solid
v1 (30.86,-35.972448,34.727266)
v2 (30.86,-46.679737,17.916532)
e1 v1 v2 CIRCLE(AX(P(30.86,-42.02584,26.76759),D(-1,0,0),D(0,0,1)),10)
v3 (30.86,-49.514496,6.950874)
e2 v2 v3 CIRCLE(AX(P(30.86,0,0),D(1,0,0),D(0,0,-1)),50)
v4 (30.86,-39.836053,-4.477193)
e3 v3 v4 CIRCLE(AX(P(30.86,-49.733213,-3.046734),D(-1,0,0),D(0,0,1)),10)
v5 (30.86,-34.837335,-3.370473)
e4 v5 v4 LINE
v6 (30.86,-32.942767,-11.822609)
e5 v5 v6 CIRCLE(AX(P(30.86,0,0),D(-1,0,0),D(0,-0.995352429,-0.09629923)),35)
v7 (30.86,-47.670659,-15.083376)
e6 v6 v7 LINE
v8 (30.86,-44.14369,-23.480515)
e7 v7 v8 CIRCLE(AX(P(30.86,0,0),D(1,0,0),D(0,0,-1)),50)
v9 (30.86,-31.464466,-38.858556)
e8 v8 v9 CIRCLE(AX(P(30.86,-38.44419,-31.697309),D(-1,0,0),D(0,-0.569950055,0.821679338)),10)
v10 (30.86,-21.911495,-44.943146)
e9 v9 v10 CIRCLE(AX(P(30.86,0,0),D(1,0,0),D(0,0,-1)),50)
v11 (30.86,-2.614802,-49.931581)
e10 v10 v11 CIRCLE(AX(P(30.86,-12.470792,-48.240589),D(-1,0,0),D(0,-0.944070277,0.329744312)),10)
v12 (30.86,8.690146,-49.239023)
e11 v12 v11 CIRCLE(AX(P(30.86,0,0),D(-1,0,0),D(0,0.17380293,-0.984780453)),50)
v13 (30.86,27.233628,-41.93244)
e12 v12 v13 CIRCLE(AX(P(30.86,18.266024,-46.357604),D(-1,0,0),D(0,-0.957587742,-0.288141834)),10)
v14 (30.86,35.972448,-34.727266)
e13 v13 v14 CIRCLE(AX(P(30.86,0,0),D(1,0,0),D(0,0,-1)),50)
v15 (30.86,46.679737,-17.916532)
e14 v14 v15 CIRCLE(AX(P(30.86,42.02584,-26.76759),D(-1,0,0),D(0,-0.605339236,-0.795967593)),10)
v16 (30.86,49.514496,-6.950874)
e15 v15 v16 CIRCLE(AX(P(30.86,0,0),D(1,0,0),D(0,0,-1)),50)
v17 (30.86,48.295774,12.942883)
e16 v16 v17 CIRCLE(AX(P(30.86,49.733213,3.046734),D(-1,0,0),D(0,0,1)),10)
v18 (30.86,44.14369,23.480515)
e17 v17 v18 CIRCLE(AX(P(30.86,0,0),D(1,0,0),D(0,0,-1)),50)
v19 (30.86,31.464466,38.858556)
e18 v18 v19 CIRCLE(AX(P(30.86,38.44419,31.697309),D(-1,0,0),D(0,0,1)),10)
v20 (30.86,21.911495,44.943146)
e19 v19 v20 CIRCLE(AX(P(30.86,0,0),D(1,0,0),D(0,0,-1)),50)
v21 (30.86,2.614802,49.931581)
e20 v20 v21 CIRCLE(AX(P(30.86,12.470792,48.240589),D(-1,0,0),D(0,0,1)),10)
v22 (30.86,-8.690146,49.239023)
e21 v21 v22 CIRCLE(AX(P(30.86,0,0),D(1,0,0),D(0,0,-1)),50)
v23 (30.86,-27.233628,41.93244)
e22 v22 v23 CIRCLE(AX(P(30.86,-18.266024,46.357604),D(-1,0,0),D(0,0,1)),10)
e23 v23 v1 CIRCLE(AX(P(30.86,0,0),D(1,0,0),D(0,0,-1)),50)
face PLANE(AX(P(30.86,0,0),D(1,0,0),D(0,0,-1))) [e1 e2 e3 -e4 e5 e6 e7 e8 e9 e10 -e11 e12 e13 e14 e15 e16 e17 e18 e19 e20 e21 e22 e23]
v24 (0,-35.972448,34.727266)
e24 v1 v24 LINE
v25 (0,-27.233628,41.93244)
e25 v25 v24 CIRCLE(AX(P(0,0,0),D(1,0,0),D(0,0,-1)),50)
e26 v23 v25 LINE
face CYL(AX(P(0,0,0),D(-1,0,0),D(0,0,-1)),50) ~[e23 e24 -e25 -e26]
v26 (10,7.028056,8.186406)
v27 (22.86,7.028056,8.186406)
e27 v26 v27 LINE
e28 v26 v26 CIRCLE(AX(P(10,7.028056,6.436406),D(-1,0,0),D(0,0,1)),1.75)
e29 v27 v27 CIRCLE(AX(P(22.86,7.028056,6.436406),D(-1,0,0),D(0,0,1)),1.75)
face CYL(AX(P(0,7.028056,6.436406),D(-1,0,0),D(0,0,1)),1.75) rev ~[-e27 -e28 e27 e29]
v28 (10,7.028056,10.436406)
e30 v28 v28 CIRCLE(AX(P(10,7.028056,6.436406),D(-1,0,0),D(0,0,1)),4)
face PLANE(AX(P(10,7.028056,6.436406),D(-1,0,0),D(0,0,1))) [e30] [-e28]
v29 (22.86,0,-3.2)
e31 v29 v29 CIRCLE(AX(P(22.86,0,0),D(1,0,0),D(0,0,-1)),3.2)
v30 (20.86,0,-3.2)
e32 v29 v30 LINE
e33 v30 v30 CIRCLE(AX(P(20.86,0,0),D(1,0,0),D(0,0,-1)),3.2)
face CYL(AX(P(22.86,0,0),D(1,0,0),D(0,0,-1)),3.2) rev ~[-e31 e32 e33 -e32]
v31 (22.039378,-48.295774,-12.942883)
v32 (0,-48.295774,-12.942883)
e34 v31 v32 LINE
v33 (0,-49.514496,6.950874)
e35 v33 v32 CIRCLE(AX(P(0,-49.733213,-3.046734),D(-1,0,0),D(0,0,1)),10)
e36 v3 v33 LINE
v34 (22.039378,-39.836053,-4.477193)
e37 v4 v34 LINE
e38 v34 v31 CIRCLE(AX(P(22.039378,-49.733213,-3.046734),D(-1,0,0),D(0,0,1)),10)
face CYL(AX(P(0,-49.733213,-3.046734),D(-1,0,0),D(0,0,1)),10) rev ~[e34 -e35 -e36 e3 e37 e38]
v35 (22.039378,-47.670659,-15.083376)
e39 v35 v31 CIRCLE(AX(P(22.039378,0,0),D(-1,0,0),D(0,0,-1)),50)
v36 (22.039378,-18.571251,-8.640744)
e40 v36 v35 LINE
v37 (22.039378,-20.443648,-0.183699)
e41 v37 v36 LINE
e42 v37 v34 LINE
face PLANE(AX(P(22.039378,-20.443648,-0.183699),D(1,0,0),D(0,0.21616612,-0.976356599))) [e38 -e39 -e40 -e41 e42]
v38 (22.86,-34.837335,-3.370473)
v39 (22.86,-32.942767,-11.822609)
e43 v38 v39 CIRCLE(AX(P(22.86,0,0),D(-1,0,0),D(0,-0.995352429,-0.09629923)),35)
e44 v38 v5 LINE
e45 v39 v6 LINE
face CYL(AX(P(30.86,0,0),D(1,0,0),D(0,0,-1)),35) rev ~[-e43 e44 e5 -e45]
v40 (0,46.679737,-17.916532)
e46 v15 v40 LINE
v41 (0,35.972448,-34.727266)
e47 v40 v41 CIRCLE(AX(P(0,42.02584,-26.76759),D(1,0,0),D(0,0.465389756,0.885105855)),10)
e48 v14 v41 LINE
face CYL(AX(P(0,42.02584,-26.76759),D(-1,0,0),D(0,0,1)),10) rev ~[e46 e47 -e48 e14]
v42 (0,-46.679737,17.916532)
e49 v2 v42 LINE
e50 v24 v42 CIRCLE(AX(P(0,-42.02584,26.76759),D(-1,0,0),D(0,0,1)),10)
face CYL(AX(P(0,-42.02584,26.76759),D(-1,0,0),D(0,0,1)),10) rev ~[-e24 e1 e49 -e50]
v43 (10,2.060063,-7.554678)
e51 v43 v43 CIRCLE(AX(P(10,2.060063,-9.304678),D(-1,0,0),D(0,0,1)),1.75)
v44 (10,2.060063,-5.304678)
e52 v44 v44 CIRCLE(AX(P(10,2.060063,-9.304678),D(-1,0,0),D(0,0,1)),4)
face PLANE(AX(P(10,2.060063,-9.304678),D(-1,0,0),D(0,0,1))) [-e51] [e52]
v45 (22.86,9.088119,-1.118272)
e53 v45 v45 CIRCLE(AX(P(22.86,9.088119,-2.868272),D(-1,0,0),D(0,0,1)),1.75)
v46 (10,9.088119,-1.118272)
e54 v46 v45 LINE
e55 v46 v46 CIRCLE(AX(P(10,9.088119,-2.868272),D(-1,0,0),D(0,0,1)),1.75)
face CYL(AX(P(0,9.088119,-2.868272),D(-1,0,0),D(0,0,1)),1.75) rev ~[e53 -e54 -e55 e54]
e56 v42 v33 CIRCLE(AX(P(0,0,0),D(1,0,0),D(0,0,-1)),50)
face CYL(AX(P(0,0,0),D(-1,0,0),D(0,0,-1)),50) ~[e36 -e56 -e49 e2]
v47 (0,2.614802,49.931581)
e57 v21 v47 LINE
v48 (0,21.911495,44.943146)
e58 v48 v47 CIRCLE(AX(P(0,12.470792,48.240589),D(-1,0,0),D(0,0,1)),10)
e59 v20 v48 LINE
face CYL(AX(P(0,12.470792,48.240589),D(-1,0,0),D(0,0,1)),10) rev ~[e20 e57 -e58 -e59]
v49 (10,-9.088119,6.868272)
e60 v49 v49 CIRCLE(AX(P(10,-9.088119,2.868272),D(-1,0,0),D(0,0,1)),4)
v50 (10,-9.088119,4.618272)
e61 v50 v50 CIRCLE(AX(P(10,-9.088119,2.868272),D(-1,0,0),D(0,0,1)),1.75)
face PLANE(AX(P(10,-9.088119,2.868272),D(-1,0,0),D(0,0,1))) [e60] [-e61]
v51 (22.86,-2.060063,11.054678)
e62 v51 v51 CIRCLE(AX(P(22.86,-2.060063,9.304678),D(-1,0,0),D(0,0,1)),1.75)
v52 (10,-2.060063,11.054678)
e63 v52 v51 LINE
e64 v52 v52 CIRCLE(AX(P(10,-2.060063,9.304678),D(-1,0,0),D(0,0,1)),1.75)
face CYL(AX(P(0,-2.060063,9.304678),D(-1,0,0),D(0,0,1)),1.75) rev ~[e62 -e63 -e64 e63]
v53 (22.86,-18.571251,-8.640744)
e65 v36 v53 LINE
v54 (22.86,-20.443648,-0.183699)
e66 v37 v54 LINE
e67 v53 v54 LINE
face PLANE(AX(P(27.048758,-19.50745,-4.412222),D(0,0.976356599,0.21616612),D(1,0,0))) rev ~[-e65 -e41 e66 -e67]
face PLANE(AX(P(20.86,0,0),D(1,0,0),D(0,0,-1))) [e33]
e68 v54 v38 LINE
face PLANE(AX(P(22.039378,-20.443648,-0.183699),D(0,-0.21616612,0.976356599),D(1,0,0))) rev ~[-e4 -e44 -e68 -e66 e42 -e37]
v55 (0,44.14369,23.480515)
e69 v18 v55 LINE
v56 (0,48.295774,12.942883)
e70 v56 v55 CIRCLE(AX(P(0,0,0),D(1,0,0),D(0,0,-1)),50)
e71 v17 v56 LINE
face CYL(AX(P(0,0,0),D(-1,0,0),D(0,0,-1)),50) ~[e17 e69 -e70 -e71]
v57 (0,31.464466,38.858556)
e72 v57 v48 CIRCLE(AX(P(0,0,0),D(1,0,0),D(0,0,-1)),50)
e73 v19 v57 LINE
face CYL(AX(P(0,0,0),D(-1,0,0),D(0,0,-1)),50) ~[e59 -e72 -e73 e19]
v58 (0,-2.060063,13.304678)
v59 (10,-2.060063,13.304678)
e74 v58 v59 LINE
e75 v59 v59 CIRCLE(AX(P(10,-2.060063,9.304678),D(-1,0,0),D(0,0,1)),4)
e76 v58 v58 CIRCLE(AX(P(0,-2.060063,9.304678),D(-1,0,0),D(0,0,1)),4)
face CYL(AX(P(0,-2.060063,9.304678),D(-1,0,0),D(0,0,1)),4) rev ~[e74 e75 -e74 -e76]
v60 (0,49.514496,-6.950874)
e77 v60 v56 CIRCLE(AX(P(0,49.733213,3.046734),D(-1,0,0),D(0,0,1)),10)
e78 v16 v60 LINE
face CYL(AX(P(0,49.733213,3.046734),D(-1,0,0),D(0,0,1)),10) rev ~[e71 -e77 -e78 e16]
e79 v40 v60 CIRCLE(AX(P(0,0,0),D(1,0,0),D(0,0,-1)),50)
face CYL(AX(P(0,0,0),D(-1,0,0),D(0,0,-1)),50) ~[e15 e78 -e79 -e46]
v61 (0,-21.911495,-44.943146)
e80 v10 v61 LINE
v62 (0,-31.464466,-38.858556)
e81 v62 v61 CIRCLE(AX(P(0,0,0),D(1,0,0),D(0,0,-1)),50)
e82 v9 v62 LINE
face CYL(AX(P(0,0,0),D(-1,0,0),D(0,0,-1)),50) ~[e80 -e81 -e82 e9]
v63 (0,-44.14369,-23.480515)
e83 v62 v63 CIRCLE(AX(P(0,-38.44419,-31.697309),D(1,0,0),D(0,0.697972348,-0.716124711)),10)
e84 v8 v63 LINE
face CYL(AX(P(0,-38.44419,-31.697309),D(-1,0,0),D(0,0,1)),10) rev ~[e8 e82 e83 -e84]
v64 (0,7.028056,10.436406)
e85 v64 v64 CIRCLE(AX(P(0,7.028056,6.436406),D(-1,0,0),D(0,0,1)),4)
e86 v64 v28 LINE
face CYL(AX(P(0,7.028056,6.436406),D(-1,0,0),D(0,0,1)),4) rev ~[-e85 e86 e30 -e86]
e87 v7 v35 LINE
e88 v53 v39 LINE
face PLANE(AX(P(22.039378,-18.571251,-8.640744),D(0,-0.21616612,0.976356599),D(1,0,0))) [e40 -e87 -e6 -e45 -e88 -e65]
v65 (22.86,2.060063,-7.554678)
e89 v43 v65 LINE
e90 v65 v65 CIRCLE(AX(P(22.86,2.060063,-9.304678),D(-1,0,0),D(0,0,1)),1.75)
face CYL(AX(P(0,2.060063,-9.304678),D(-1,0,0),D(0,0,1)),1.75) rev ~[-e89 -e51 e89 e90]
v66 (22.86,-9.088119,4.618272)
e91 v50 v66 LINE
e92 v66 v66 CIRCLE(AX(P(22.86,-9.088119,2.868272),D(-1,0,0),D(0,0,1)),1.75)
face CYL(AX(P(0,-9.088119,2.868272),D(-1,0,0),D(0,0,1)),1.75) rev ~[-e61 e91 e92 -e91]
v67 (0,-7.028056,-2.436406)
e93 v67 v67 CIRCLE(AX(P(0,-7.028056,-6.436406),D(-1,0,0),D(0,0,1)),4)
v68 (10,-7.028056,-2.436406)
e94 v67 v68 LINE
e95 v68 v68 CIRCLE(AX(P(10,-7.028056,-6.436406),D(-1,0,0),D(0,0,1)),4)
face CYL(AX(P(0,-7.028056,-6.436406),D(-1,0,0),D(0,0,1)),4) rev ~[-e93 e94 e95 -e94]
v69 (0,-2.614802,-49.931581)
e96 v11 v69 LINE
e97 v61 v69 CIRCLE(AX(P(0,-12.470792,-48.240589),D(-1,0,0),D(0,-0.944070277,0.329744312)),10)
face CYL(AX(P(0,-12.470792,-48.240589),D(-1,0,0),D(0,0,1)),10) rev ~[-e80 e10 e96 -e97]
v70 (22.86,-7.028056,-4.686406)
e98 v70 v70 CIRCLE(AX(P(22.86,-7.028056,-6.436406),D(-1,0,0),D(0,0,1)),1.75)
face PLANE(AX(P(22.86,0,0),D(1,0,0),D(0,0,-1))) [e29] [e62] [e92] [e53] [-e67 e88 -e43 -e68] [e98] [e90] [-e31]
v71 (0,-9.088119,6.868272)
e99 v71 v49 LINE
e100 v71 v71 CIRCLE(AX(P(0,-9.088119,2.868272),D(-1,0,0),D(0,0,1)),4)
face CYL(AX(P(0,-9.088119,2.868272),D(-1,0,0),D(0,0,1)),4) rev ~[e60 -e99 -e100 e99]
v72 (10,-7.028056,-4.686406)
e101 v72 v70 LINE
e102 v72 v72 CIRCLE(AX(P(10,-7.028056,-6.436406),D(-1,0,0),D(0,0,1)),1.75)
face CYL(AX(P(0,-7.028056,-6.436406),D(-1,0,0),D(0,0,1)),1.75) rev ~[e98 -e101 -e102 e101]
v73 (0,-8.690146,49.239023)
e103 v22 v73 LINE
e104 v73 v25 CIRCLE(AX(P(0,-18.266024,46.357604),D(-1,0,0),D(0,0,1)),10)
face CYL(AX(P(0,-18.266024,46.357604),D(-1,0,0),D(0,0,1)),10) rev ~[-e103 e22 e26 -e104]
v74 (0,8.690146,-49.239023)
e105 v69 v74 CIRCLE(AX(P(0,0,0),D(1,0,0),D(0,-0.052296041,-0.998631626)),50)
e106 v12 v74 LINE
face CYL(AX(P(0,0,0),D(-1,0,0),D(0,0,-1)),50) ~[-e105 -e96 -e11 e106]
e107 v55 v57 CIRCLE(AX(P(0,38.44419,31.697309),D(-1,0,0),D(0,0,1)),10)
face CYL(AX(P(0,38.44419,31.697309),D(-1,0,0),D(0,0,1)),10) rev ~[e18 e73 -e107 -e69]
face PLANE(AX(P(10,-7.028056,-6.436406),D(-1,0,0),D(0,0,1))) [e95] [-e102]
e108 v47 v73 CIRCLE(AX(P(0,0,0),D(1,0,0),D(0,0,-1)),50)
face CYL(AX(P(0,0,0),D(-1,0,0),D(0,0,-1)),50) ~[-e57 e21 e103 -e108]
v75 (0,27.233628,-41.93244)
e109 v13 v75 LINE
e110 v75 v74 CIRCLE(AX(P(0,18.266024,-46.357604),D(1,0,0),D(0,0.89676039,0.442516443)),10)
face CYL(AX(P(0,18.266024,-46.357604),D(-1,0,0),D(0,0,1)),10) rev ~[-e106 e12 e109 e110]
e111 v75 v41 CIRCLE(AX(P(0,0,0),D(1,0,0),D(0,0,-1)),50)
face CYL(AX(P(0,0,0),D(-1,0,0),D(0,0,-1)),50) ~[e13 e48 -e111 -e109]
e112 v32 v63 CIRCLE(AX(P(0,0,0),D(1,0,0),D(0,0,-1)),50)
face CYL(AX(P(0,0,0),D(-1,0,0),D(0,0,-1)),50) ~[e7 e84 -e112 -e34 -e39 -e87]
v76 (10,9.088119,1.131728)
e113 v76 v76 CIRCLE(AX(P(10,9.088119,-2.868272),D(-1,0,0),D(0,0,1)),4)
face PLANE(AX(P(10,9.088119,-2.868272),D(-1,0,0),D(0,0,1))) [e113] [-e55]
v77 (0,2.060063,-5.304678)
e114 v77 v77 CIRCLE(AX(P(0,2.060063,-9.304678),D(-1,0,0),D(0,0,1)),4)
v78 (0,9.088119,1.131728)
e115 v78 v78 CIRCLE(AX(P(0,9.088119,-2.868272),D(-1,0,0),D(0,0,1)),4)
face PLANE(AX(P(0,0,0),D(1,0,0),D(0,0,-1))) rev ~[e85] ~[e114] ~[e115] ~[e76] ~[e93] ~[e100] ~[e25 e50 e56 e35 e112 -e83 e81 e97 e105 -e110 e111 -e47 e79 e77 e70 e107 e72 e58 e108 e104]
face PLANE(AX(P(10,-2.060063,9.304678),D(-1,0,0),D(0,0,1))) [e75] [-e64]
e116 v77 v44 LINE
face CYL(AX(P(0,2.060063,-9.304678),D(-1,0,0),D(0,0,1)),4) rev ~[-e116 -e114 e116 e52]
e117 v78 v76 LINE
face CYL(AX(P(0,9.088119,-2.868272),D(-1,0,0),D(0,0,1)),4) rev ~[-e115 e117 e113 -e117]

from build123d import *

# Parameters (mm, degrees)
SKETCH1_R           = 50
BOSS_EXTRUDE1_DEPTH = 30.86
SKETCH2_R           = 35
CUT_EXTRUDE1_DEPTH  = 8
CUT_EXTRUDE4_START  = -20
SKETCH10_W          = 10.01875972
SKETCH10_H          = 8.661840267
CUT_EXTRUDE4_DEPTH  = 60
SKETCH12_R          = 3.2
CUT_EXTRUDE5_DEPTH  = 2
SKETCH5_R           = 1.75
CUT_EXTRUDE3_DEPTH  = 30
SKETCH8_R           = 4
CUT_EXTRUDE6_DEPTH  = 10
SKETCH13_R          = 10
CUT_EXTRUDE8_DEPTH  = 40


with BuildPart() as part:
    # Sketch1 → Boss-Extrude1 (new body)
    with BuildSketch(Plane(origin=(0, 0, 0), x_dir=(0, 0, -1), z_dir=(1, 0, 0))):
        Circle(SKETCH1_R)
    extrude(amount=BOSS_EXTRUDE1_DEPTH)

    # Sketch2 → Cut-Extrude1 (cut)
    with BuildSketch(Plane(origin=(30.86, 0, 0), x_dir=(0, 0, -1), z_dir=(1, 0, 0))):
        Circle(SKETCH2_R)
    extrude(amount=-CUT_EXTRUDE1_DEPTH, mode=Mode.SUBTRACT)

    # Sketch10 → Cut-Extrude4 (cut)
    with BuildSketch(Plane(origin=(0, 0, 0), x_dir=(1, 0, 0), z_dir=(0, 0.976356599, 0.21616612)).offset(CUT_EXTRUDE4_START)):
        with Locations((27.048757514, 0.091052199)):
            Rectangle(SKETCH10_W, SKETCH10_H)
    extrude(amount=-CUT_EXTRUDE4_DEPTH, mode=Mode.SUBTRACT)

    # Sketch12 → Cut-Extrude5 (cut)
    with BuildSketch(Plane(origin=(22.86, 0, 0), x_dir=(0, 0, -1), z_dir=(1, 0, 0))):
        Circle(SKETCH12_R)
    extrude(amount=-CUT_EXTRUDE5_DEPTH, mode=Mode.SUBTRACT)

    # Sketch5 → Cut-Extrude3 (cut)
    with BuildSketch(Plane.ZY):
        with Locations((2.868272201, -9.088119419)):
            Circle(SKETCH5_R)
        with Locations((-6.436406189, -7.028056301)):
            Circle(SKETCH5_R)
        with Locations((-9.30467839, 2.060063119)):
            Circle(SKETCH5_R)
        with Locations((-2.868272201, 9.088119419)):
            Circle(SKETCH5_R)
        with Locations((6.436406189, 7.028056301)):
            Circle(SKETCH5_R)
        with Locations((9.30467839, -2.060063119)):
            Circle(SKETCH5_R)
    extrude(amount=-CUT_EXTRUDE3_DEPTH, mode=Mode.SUBTRACT)

    # Sketch8 → Cut-Extrude6 (cut)
    with BuildSketch(Plane.ZY):
        with Locations((-2.868272201, 9.088119419)):
            Circle(SKETCH8_R)
        with Locations((6.436406189, 7.028056301)):
            Circle(SKETCH8_R)
        with Locations((9.30467839, -2.060063119)):
            Circle(SKETCH8_R)
        with Locations((2.868272201, -9.088119419)):
            Circle(SKETCH8_R)
        with Locations((-6.436406189, -7.028056301)):
            Circle(SKETCH8_R)
        with Locations((-9.30467839, 2.060063119)):
            Circle(SKETCH8_R)
    extrude(amount=-CUT_EXTRUDE6_DEPTH, mode=Mode.SUBTRACT)

    # Sketch13 → Cut-Extrude8 (cut)
    with BuildSketch(Plane.ZY):
        with Locations((48.2405892, 12.470792391)):
            Circle(SKETCH13_R)
        with Locations((46.357604333, -18.266023916)):
            Circle(SKETCH13_R)
        with Locations((26.767590248, -42.025839926)):
            Circle(SKETCH13_R)
        with Locations((-3.046733515, -49.733213491)):
            Circle(SKETCH13_R)
        with Locations((-31.69730863, -38.444189871)):
            Circle(SKETCH13_R)
        with Locations((-48.2405892, -12.470792391)):
            Circle(SKETCH13_R)
        with Locations((-46.357604333, 18.266023916)):
            Circle(SKETCH13_R)
        with Locations((-26.767590248, 42.025839926)):
            Circle(SKETCH13_R)
        with Locations((3.046733515, 49.733213491)):
            Circle(SKETCH13_R)
        with Locations((31.69730863, 38.444189871)):
            Circle(SKETCH13_R)
    extrude(amount=-CUT_EXTRUDE8_DEPTH, mode=Mode.SUBTRACT)


solid = part.part
